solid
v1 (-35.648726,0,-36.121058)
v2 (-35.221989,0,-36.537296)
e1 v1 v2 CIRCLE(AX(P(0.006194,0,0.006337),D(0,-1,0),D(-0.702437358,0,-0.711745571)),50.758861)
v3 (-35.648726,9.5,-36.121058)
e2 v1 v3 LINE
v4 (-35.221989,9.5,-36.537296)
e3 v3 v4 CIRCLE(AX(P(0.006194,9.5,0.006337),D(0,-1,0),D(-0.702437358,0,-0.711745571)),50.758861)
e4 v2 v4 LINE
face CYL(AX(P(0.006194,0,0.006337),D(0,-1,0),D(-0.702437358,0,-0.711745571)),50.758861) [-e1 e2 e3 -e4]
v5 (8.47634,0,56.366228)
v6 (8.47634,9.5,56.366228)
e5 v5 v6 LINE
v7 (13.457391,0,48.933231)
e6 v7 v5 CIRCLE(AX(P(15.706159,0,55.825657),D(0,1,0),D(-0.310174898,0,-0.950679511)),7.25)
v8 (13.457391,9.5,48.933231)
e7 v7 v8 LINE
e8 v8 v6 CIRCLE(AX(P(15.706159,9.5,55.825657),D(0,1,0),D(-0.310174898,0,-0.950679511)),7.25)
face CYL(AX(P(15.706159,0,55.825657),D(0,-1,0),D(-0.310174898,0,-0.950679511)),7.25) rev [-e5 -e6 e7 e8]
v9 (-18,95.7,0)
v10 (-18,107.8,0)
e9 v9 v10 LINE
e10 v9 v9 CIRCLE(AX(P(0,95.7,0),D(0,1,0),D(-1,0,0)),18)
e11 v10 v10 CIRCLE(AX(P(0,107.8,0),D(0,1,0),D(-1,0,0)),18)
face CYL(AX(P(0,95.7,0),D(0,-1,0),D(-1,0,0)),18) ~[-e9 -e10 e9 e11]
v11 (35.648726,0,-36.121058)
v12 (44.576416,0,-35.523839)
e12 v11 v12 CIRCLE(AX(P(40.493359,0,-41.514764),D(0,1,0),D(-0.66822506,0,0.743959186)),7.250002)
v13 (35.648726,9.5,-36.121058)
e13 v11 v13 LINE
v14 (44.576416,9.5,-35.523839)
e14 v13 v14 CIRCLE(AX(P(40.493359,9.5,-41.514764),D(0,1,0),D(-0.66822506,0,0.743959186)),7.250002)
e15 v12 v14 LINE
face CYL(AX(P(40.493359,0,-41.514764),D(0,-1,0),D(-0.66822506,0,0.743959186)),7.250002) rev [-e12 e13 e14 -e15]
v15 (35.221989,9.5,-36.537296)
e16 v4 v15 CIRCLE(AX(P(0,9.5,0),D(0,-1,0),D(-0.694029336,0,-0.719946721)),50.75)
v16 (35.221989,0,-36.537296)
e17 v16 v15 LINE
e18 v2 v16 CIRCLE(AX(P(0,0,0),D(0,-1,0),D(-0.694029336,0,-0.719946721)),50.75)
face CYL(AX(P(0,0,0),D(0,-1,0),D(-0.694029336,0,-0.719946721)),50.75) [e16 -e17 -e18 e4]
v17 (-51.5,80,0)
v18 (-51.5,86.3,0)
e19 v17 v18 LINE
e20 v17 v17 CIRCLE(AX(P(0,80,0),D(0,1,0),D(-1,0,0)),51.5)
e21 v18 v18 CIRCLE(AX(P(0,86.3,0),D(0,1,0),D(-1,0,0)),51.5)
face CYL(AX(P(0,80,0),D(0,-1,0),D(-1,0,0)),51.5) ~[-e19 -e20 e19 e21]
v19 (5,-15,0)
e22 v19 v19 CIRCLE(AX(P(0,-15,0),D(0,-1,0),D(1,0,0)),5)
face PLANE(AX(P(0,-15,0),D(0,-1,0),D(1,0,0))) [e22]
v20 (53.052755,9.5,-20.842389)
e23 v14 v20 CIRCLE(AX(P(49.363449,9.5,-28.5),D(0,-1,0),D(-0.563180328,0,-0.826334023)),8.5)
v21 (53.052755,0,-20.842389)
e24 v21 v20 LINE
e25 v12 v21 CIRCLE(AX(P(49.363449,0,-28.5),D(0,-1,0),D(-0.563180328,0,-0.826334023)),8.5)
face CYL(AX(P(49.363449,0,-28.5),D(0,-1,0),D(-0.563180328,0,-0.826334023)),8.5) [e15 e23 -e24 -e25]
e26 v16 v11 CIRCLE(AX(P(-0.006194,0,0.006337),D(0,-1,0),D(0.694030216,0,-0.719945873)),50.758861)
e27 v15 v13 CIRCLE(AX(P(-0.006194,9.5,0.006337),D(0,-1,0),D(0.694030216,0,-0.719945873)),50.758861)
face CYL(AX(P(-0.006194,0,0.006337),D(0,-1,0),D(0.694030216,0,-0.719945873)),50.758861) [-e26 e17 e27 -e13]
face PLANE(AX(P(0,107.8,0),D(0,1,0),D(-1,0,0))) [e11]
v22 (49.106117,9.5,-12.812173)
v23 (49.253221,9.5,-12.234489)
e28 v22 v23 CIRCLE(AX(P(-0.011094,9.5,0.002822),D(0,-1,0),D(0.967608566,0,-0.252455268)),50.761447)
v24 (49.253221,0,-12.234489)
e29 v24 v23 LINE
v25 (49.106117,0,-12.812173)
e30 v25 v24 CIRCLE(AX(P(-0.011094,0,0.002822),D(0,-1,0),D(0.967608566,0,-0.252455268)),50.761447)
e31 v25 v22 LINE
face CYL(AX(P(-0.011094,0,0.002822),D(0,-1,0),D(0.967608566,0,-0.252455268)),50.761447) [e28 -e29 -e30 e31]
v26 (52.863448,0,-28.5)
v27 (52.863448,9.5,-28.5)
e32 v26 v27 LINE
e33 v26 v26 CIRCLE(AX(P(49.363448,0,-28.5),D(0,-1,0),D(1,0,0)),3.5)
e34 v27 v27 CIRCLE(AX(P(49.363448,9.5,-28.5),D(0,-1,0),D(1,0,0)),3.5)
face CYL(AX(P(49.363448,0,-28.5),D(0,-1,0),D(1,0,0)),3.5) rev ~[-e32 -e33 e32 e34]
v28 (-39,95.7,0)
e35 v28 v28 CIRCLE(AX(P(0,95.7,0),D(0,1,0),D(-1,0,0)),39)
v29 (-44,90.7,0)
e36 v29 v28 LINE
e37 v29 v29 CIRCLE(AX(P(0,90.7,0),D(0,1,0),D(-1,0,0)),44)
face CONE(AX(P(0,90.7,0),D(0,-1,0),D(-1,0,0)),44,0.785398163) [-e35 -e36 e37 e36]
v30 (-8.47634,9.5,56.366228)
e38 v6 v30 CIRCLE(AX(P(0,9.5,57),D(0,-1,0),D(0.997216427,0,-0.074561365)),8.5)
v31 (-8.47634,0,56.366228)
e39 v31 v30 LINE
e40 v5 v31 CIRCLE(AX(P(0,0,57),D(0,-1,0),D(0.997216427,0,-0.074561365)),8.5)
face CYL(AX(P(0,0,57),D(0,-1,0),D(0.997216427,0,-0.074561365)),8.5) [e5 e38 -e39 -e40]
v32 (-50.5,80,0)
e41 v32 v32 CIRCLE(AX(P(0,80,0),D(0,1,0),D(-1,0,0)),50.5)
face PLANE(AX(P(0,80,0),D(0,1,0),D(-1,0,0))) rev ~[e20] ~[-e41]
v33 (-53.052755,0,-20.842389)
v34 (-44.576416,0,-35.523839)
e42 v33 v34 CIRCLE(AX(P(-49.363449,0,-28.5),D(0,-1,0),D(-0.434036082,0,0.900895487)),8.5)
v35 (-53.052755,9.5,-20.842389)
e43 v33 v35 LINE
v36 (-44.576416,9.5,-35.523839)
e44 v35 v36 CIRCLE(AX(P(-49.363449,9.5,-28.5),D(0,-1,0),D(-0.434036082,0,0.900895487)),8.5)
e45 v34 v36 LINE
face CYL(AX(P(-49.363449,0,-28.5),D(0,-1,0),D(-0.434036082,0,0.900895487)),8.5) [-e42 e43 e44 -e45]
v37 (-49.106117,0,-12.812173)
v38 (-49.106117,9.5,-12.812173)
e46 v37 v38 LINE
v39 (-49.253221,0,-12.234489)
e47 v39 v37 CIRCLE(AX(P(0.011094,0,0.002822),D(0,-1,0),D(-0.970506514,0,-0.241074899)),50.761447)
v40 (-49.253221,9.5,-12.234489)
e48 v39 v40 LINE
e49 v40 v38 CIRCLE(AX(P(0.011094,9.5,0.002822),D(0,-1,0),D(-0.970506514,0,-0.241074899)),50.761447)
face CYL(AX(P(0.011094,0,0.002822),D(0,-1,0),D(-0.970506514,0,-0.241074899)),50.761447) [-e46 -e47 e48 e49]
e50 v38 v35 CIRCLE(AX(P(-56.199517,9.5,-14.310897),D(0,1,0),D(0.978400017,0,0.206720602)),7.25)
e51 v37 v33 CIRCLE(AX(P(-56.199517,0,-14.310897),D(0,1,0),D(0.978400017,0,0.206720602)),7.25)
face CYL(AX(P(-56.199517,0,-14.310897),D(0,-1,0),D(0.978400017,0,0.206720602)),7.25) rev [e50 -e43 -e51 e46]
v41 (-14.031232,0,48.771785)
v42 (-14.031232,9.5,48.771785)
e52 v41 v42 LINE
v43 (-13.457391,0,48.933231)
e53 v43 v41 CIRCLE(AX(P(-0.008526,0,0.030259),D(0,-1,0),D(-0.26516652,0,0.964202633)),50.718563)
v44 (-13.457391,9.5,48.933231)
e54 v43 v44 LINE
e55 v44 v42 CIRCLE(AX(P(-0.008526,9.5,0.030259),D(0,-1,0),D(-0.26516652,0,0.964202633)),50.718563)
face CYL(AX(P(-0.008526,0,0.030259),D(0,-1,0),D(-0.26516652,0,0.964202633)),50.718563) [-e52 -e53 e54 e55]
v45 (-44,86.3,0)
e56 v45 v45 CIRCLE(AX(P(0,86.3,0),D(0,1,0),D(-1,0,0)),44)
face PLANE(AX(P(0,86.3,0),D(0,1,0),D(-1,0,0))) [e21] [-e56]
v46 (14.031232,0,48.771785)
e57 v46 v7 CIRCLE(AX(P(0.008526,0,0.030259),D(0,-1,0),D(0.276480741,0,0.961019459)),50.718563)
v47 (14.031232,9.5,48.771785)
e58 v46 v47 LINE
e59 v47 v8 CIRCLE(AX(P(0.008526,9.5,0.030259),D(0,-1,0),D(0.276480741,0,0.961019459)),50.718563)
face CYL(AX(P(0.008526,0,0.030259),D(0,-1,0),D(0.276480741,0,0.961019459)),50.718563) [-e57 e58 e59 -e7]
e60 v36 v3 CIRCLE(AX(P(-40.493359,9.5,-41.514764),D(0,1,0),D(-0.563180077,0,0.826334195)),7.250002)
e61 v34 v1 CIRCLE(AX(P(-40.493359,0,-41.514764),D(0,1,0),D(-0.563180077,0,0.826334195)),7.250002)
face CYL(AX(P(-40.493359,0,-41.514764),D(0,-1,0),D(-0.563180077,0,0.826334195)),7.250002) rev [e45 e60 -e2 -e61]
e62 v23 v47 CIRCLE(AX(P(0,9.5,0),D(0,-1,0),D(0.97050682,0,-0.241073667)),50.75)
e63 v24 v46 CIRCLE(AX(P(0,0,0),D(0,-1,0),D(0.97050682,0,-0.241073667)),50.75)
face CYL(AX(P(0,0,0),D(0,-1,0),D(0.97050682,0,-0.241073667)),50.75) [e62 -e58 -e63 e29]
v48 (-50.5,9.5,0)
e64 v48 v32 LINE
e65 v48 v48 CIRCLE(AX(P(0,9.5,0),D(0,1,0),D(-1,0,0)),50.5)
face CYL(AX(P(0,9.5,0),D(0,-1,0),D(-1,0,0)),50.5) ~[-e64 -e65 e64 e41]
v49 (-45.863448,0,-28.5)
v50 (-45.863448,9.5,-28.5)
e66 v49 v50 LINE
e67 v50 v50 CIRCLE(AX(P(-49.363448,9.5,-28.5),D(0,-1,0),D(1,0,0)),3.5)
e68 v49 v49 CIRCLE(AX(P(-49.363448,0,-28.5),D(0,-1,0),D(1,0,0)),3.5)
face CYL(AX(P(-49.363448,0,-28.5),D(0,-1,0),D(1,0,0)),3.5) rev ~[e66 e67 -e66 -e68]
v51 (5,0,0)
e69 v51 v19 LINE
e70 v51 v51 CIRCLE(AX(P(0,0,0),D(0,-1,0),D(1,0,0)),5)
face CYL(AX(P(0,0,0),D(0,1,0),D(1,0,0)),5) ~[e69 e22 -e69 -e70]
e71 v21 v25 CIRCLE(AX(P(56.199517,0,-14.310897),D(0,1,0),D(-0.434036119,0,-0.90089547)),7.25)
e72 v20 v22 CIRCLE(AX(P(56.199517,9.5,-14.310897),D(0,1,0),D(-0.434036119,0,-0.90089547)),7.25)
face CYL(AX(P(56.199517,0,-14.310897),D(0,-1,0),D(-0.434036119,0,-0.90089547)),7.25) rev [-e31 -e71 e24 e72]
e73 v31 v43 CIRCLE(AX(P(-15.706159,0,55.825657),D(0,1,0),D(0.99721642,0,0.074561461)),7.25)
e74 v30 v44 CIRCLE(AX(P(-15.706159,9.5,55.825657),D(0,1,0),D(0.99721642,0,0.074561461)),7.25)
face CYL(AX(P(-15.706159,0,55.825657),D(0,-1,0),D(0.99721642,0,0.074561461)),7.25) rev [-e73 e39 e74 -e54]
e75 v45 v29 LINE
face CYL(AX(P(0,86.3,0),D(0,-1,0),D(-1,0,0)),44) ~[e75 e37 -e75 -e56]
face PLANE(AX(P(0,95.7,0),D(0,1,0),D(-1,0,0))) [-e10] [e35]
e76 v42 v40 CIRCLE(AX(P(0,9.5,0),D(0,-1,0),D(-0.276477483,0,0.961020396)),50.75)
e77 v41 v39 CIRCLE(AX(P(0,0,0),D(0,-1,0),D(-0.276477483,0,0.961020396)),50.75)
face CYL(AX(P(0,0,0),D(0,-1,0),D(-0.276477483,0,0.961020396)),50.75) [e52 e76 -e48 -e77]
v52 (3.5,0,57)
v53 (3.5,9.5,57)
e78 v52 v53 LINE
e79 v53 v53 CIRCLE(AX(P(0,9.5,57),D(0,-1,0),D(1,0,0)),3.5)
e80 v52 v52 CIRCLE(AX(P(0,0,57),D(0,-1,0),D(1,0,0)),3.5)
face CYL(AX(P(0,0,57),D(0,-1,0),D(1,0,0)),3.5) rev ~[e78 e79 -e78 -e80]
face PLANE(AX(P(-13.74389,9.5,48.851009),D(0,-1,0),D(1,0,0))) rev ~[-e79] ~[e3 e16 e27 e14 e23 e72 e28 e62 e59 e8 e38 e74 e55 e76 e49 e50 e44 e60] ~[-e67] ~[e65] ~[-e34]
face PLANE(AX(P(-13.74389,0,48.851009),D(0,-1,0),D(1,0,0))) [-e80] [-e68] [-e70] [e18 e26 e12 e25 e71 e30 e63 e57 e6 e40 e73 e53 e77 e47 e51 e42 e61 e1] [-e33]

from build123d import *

# Parameters (mm, degrees)
F0_R      = 3.5
F2_DEPTH  = 9.5
F1_R      = 5
F3_DEPTH  = 15
F4_R      = 50.5
F5_DEPTH  = 70.5
F6_R      = 51.5
F7_DEPTH  = 6.3
F8_R      = 44
F9_DEPTH  = 9.4
F10_R     = 18
F11_DEPTH = 12.1
F15_SIZE  = 5


with BuildPart() as f2:
    # F0 (on Front) → F2 (new body)
    with BuildSketch(Plane.XZ):
        with BuildLine():
            ThreePointArc((-14.031232, 48.771785), (-13.742652, 48.846608), (-13.457391, 48.933231))
            ThreePointArc((-13.457391, 48.933231), (-13.744549, 48.853351), (-14.031232, 48.771785))
        make_face()
        with BuildLine():
            ThreePointArc((-8.47634, 56.366228), (-9.68343, 51.789665), (-13.457391, 48.933231))
            ThreePointArc((-13.457391, 48.933231), (-13.742652, 48.846608), (-14.031232, 48.771785))
            ThreePointArc((-14.031232, 48.771785), (-43.950789, 25.375), (-49.253221, -12.234489))
            ThreePointArc((-49.253221, -12.234489), (-49.173729, -12.521818), (-49.106117, -12.812173))
            ThreePointArc((-49.106117, -12.812173), (-49.69288, -17.508736), (-53.052755, -20.842389))
            ThreePointArc((-53.052755, -20.842389), (-56.724664, -32.75), (-44.576416, -35.523839))
            ThreePointArc((-44.576416, -35.523839), (-40.009451, -34.280929), (-35.648726, -36.121058))
            ThreePointArc((-35.648726, -36.121058), (-35.431077, -36.324789), (-35.221989, -36.537296))
            ThreePointArc((-35.221989, -36.537296), (0, -50.75), (35.221989, -36.537296))
            ThreePointArc((35.221989, -36.537296), (35.431077, -36.324789), (35.648726, -36.121058))
            ThreePointArc((35.648726, -36.121058), (40.009451, -34.280929), (44.576416, -35.523839))
            ThreePointArc((44.576416, -35.523839), (56.724664, -32.75), (53.052755, -20.842389))
            ThreePointArc((53.052755, -20.842389), (49.69288, -17.508736), (49.106117, -12.812173))
            ThreePointArc((49.106117, -12.812173), (49.173729, -12.521818), (49.253221, -12.234489))
            ThreePointArc((49.253221, -12.234489), (43.950789, 25.375), (14.031232, 48.771785))
            ThreePointArc((14.031232, 48.771785), (13.742652, 48.846608), (13.457391, 48.933231))
            ThreePointArc((13.457391, 48.933231), (9.68343, 51.789665), (8.47634, 56.366228))
            ThreePointArc((8.47634, 56.366228), (0, 65.5), (-8.47634, 56.366228))
        make_face()
        with Locations((-49.363448, -28.5)):
            Circle(F0_R, mode=Mode.SUBTRACT)
        with Locations((49.363448, -28.5)):
            Circle(F0_R, mode=Mode.SUBTRACT)
        with Locations((0, 57)):
            Circle(F0_R, mode=Mode.SUBTRACT)
        with BuildLine():
            ThreePointArc((-49.106117, -12.812173), (-49.173729, -12.521818), (-49.253221, -12.234489))
            ThreePointArc((-49.253221, -12.234489), (-49.180517, -12.523547), (-49.106117, -12.812173))
        make_face()
        with BuildLine():
            ThreePointArc((14.031232, 48.771785), (13.744549, 48.853351), (13.457391, 48.933231))
            ThreePointArc((13.457391, 48.933231), (13.742652, 48.846608), (14.031232, 48.771785))
        make_face()
        with BuildLine():
            ThreePointArc((49.106117, -12.812173), (49.180517, -12.523547), (49.253221, -12.234489))
            ThreePointArc((49.253221, -12.234489), (49.173729, -12.521818), (49.106117, -12.812173))
        make_face()
        with BuildLine():
            ThreePointArc((-35.221989, -36.537296), (-35.431077, -36.324789), (-35.648726, -36.121058))
            ThreePointArc((-35.648726, -36.121058), (-35.435968, -36.329804), (-35.221989, -36.537296))
        make_face()
        with BuildLine():
            ThreePointArc((35.648726, -36.121058), (35.431077, -36.324789), (35.221989, -36.537296))
            ThreePointArc((35.221989, -36.537296), (35.435968, -36.329804), (35.648726, -36.121058))
        make_face()
    extrude(amount=-F2_DEPTH)

    # F1 (on face) → F3 (join)
    with BuildSketch(Plane.XZ):
        Circle(F1_R)
    extrude(amount=F3_DEPTH)

    # F4 (on face) → F5 (join)
    with BuildSketch(Plane(origin=(0, 9.5, 0), x_dir=(-1, 0, 0), z_dir=(0, 1, 0))):
        Circle(F4_R)
    extrude(amount=F5_DEPTH)

    # F6 (on face) → F7 (join)
    with BuildSketch(Plane(origin=(0, 80, 0), x_dir=(-1, 0, 0), z_dir=(0, 1, 0))):
        Circle(F6_R)
    extrude(amount=F7_DEPTH)

    # F8 (on face) → F9 (join)
    with BuildSketch(Plane(origin=(0, 86.3, 0), x_dir=(-1, 0, 0), z_dir=(0, 1, 0))):
        Circle(F8_R)
    extrude(amount=F9_DEPTH)

    # F10 (on face) → F11 (join)
    with BuildSketch(Plane(origin=(0, 95.7, 0), x_dir=(-1, 0, 0), z_dir=(0, 1, 0))):
        Circle(F10_R)
    extrude(amount=F11_DEPTH)

    # F15
    f15_edges = [f2.edges().sort_by_distance(p)[0] for p in [
        (44, 95.7, 0),
    ]]
    chamfer(f15_edges, length=F15_SIZE)


solid = f2.part
